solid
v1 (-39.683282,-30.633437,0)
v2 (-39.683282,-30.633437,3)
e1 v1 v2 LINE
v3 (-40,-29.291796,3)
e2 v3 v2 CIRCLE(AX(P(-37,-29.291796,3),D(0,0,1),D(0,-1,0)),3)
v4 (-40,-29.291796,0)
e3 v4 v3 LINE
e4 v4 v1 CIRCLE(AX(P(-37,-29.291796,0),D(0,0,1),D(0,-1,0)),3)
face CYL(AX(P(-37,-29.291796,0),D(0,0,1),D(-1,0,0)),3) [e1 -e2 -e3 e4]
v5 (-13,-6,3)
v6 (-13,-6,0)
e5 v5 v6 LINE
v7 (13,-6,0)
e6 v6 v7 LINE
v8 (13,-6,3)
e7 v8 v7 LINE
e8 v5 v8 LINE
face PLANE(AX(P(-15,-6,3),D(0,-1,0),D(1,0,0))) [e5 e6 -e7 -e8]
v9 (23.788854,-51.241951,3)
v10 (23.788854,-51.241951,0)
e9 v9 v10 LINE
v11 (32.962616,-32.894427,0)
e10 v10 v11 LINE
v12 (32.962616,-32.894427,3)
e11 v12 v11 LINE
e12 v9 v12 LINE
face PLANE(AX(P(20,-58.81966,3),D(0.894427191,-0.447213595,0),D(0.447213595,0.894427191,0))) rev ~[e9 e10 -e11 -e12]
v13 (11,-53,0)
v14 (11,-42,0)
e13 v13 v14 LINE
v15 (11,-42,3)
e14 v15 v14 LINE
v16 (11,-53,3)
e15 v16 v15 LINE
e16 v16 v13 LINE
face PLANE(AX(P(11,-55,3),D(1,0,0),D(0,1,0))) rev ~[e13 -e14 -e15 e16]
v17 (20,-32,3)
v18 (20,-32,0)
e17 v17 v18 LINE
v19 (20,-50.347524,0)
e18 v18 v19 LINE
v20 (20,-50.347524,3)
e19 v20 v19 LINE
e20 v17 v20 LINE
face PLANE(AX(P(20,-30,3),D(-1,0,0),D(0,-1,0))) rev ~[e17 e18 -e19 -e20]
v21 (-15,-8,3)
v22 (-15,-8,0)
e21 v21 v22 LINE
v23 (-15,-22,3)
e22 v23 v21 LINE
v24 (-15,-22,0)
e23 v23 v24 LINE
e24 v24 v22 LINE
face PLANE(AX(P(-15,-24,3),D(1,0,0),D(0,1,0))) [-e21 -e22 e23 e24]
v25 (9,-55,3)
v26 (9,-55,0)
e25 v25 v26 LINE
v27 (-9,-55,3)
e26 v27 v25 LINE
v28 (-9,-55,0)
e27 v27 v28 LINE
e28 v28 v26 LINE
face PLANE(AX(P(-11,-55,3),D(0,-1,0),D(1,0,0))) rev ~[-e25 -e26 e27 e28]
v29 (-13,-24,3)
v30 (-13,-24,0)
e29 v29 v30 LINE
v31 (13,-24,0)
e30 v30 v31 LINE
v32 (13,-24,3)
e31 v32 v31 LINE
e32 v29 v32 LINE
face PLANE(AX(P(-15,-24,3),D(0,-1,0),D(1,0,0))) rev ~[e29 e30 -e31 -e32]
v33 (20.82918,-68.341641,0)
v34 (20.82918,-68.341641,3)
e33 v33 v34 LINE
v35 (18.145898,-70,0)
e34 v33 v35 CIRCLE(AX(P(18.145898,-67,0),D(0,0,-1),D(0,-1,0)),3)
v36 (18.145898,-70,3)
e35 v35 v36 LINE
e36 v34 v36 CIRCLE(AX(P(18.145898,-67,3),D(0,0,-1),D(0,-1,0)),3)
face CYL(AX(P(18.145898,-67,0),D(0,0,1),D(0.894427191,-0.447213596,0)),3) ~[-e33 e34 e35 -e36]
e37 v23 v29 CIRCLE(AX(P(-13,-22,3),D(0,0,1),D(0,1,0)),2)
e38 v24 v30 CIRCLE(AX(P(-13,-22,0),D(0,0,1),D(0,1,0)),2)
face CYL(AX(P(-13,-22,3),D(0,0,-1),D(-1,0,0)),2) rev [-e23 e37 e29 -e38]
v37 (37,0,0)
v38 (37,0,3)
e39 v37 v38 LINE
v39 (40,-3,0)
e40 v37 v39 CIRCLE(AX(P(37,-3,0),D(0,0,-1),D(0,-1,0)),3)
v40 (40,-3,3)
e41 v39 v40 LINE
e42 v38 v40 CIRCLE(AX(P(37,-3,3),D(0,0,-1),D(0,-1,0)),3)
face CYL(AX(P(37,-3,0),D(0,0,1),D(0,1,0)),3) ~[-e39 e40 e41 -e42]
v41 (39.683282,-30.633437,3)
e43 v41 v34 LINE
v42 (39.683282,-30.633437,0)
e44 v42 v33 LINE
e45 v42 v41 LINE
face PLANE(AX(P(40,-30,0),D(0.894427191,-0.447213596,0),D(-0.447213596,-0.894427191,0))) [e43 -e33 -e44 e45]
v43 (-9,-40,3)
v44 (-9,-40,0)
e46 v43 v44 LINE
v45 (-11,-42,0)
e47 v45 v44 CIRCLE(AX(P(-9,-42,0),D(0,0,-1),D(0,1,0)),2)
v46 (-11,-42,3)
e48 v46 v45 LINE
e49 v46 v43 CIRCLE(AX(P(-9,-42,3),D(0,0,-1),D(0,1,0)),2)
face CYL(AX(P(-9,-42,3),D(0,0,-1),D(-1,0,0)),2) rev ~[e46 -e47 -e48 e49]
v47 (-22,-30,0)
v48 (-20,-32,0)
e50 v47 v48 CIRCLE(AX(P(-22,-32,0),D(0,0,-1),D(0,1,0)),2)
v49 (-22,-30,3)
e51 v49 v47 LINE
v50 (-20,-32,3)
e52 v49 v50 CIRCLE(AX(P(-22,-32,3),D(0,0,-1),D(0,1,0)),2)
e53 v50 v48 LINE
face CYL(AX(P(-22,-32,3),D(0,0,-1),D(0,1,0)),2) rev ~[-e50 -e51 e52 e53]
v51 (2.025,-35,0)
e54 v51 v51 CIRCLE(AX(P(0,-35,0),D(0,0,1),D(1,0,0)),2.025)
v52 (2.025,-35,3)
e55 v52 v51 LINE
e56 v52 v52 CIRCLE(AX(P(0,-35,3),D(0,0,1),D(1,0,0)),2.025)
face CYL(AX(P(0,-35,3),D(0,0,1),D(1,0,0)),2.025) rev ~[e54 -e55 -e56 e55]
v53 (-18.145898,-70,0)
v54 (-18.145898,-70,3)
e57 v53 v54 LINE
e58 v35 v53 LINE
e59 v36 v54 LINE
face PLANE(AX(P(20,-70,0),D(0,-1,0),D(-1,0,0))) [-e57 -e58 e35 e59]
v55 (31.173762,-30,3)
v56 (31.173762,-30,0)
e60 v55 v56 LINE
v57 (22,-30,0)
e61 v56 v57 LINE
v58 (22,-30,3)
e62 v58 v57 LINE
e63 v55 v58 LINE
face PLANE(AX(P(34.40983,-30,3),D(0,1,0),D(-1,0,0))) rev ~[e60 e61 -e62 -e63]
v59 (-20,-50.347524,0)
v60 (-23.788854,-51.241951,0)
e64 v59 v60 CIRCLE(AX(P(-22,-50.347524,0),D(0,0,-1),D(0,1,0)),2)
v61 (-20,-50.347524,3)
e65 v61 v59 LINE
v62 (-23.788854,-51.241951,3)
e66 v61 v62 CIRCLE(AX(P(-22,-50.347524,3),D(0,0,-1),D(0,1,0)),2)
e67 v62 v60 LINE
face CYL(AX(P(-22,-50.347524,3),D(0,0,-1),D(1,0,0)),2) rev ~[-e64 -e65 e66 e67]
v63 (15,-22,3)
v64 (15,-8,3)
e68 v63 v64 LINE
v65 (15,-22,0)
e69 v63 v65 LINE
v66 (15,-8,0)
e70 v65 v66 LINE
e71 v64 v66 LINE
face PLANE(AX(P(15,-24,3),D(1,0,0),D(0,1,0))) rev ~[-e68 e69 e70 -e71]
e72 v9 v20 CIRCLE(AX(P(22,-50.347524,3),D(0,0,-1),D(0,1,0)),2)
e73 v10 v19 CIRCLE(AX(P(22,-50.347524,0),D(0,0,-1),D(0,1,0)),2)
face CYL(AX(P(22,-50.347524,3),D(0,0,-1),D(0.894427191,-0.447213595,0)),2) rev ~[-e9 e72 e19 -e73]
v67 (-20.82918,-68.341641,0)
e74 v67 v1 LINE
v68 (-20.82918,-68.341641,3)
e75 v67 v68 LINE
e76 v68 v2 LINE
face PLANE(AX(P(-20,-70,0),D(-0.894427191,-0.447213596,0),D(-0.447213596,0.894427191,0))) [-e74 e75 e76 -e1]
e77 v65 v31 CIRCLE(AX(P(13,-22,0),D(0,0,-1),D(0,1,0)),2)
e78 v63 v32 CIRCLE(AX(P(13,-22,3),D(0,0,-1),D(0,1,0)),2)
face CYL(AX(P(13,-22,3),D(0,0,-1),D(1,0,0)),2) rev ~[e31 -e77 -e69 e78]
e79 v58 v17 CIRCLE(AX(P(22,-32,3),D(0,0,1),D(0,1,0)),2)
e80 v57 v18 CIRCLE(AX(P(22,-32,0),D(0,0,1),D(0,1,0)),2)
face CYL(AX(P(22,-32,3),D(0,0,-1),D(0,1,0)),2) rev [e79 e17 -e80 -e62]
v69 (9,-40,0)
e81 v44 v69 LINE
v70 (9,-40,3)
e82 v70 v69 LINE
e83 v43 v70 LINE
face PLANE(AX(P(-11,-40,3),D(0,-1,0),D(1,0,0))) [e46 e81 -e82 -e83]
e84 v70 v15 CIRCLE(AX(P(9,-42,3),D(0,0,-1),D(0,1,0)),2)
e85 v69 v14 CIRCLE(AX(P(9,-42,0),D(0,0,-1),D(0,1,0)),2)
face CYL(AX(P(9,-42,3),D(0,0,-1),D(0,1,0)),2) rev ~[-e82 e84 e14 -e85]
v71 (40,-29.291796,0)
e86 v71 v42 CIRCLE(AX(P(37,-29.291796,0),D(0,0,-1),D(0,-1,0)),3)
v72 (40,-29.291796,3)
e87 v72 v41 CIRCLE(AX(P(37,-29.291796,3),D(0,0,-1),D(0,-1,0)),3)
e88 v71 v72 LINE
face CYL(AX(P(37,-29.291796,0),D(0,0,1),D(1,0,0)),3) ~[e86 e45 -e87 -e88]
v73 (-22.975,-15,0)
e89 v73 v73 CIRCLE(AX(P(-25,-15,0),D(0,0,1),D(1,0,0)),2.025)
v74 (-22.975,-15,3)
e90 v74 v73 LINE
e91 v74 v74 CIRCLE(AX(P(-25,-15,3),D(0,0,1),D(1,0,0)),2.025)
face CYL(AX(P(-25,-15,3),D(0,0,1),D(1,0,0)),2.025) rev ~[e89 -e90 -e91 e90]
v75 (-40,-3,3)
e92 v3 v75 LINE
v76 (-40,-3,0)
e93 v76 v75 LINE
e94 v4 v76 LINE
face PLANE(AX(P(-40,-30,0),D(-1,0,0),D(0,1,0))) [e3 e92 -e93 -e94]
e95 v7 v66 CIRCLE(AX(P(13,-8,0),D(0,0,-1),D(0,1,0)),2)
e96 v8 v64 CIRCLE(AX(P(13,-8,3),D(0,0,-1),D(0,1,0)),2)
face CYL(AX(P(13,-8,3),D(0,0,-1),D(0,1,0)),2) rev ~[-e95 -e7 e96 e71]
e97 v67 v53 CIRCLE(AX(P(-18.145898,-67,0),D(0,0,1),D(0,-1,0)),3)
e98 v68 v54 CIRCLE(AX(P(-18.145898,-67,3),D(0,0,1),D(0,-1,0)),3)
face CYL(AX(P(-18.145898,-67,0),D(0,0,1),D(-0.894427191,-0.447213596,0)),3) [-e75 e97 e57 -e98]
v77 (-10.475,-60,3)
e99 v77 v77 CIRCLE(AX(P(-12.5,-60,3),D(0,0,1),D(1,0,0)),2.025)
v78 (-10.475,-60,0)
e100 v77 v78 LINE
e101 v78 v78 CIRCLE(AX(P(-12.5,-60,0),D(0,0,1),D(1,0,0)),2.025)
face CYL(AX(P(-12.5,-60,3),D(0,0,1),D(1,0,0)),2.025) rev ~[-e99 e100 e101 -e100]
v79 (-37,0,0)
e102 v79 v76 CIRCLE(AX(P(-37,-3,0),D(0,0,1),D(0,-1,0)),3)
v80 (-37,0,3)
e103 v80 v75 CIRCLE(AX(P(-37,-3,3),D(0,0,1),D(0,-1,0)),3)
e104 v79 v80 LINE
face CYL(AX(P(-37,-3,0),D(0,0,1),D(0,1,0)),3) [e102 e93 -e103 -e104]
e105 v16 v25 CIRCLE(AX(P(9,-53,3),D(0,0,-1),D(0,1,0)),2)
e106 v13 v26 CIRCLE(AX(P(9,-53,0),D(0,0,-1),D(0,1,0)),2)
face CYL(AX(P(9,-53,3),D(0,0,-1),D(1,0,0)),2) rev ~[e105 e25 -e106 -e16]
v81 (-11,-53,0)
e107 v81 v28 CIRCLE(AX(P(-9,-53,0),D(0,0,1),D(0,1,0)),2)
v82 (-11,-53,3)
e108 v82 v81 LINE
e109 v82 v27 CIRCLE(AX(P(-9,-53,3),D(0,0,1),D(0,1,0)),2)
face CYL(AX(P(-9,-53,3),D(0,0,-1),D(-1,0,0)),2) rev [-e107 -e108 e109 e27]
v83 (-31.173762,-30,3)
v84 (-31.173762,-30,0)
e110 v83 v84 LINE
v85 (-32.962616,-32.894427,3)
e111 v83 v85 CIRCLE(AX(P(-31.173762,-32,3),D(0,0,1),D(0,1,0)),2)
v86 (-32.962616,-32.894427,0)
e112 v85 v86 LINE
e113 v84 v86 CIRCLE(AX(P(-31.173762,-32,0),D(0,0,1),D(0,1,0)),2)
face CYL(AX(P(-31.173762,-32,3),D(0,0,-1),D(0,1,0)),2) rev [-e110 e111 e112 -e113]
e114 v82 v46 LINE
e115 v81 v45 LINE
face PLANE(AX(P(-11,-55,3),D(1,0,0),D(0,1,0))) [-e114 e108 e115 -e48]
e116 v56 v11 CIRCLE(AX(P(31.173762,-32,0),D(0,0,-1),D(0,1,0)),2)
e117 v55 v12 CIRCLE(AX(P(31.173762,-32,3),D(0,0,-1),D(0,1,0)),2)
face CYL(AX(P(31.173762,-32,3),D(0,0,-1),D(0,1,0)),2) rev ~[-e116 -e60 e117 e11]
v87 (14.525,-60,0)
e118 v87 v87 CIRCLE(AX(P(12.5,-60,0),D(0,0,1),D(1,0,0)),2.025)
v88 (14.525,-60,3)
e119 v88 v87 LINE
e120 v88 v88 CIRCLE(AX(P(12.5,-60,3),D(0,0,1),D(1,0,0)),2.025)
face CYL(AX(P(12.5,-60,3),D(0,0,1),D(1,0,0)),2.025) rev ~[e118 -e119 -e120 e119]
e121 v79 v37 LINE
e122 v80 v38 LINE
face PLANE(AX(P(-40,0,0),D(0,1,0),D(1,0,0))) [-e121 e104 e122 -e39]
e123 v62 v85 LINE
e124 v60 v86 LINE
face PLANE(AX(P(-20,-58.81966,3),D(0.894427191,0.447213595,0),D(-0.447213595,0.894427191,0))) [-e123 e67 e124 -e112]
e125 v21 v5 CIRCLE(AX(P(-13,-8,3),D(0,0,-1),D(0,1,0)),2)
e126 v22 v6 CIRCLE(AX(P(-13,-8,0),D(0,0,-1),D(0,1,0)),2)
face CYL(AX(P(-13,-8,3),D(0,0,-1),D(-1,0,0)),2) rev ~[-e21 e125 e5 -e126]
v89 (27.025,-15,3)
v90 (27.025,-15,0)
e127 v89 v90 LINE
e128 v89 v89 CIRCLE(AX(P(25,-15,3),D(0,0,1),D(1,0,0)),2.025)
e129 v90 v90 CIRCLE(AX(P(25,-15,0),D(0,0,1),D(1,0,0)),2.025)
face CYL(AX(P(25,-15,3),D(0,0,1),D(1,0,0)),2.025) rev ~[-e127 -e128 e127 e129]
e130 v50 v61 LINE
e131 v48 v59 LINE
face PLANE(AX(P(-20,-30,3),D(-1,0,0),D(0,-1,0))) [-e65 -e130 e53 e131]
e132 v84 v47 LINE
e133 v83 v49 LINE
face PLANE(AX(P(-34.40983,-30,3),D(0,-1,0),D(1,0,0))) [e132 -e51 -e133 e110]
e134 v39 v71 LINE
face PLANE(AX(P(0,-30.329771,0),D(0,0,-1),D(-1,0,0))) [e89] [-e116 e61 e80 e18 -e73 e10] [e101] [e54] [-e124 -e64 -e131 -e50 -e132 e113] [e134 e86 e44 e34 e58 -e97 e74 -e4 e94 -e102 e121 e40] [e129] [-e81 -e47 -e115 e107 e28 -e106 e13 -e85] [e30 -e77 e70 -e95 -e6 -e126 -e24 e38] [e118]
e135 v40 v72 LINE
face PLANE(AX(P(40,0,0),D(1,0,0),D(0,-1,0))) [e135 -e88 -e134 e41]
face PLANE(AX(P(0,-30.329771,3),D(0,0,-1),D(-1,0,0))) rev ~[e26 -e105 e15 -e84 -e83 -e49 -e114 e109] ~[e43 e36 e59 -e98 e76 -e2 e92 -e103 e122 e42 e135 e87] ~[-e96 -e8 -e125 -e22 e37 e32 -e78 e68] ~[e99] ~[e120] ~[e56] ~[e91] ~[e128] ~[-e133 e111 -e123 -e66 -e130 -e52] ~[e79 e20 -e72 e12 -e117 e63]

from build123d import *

# Parameters (mm, degrees)
EXTRUDE_1_DEPTH     = 3
SKETCH_2_R          = 2.025
CUT_EXTRUDE_1_DEPTH = 3
SKETCH_3_W          = 30
SKETCH_3_H          = 18
SKETCH_3_W_2        = 22
SKETCH_3_H_2        = 15
CUT_EXTRUDE_2_DEPTH = 3
FILLET_1_R          = 2
FILLET_2_R          = 3


with BuildPart() as part:
    # 草图1 → 凸台-拉伸1 (new body)
    with BuildSketch(Plane.XY):
        Polygon((-40, 0), (40, 0), (40, -30), (20, -70), (-20, -70), (-40, -30), align=None)
    extrude(amount=EXTRUDE_1_DEPTH)

    # 草图2 → 切除-拉伸1 (cut)
    with BuildSketch(Plane.XY.offset(3)):
        with Locations((-25, -15)):
            Circle(SKETCH_2_R)
        with Locations((25, -15)):
            Circle(SKETCH_2_R)
        with Locations((0, -35)):
            Circle(SKETCH_2_R)
        with Locations((12.5, -60)):
            Circle(SKETCH_2_R)
        with Locations((-12.5, -60)):
            Circle(SKETCH_2_R)
    extrude(amount=-CUT_EXTRUDE_1_DEPTH, mode=Mode.SUBTRACT)

    # 草图3 → 切除-拉伸2 (cut)
    with BuildSketch(Plane.XY.offset(3)):
        Polygon((-34.409830056, -30), (-20, -30), (-20, -58.819660113), align=None)
        with Locations((0, -15)):
            Rectangle(SKETCH_3_W, SKETCH_3_H)
        with Locations((0, -47.5)):
            Rectangle(SKETCH_3_W_2, SKETCH_3_H_2)
        Polygon((20, -30), (20, -58.819660113), (34.409830056, -30), align=None)
    extrude(amount=-CUT_EXTRUDE_2_DEPTH, mode=Mode.SUBTRACT)

    # 圆角1
    fillet_1_edges = [part.edges().sort_by_distance(p)[0] for p in [
        (15, -24, 1.5),
        (-15, -24, 1.5),
        (-15, -6, 1.5),
        (15, -6, 1.5),
        (-20, -58.819660113, 1.5),
        (-34.409830056, -30, 1.5),
        (-20, -30, 1.5),
        (11, -55, 1.5),
        (-11, -55, 1.5),
        (-11, -40, 1.5),
        (11, -40, 1.5),
        (34.409830056, -30, 1.5),
        (20, -58.819660113, 1.5),
        (20, -30, 1.5),
    ]]
    fillet(fillet_1_edges, radius=FILLET_1_R)

    # 圆角2
    fillet_2_edges = [part.edges().sort_by_distance(p)[0] for p in [
        (-40, 0, 1.5),
        (40, 0, 1.5),
        (40, -30, 1.5),
        (20, -70, 1.5),
        (-20, -70, 1.5),
        (-40, -30, 1.5),
    ]]
    fillet(fillet_2_edges, radius=FILLET_2_R)


solid = part.part
